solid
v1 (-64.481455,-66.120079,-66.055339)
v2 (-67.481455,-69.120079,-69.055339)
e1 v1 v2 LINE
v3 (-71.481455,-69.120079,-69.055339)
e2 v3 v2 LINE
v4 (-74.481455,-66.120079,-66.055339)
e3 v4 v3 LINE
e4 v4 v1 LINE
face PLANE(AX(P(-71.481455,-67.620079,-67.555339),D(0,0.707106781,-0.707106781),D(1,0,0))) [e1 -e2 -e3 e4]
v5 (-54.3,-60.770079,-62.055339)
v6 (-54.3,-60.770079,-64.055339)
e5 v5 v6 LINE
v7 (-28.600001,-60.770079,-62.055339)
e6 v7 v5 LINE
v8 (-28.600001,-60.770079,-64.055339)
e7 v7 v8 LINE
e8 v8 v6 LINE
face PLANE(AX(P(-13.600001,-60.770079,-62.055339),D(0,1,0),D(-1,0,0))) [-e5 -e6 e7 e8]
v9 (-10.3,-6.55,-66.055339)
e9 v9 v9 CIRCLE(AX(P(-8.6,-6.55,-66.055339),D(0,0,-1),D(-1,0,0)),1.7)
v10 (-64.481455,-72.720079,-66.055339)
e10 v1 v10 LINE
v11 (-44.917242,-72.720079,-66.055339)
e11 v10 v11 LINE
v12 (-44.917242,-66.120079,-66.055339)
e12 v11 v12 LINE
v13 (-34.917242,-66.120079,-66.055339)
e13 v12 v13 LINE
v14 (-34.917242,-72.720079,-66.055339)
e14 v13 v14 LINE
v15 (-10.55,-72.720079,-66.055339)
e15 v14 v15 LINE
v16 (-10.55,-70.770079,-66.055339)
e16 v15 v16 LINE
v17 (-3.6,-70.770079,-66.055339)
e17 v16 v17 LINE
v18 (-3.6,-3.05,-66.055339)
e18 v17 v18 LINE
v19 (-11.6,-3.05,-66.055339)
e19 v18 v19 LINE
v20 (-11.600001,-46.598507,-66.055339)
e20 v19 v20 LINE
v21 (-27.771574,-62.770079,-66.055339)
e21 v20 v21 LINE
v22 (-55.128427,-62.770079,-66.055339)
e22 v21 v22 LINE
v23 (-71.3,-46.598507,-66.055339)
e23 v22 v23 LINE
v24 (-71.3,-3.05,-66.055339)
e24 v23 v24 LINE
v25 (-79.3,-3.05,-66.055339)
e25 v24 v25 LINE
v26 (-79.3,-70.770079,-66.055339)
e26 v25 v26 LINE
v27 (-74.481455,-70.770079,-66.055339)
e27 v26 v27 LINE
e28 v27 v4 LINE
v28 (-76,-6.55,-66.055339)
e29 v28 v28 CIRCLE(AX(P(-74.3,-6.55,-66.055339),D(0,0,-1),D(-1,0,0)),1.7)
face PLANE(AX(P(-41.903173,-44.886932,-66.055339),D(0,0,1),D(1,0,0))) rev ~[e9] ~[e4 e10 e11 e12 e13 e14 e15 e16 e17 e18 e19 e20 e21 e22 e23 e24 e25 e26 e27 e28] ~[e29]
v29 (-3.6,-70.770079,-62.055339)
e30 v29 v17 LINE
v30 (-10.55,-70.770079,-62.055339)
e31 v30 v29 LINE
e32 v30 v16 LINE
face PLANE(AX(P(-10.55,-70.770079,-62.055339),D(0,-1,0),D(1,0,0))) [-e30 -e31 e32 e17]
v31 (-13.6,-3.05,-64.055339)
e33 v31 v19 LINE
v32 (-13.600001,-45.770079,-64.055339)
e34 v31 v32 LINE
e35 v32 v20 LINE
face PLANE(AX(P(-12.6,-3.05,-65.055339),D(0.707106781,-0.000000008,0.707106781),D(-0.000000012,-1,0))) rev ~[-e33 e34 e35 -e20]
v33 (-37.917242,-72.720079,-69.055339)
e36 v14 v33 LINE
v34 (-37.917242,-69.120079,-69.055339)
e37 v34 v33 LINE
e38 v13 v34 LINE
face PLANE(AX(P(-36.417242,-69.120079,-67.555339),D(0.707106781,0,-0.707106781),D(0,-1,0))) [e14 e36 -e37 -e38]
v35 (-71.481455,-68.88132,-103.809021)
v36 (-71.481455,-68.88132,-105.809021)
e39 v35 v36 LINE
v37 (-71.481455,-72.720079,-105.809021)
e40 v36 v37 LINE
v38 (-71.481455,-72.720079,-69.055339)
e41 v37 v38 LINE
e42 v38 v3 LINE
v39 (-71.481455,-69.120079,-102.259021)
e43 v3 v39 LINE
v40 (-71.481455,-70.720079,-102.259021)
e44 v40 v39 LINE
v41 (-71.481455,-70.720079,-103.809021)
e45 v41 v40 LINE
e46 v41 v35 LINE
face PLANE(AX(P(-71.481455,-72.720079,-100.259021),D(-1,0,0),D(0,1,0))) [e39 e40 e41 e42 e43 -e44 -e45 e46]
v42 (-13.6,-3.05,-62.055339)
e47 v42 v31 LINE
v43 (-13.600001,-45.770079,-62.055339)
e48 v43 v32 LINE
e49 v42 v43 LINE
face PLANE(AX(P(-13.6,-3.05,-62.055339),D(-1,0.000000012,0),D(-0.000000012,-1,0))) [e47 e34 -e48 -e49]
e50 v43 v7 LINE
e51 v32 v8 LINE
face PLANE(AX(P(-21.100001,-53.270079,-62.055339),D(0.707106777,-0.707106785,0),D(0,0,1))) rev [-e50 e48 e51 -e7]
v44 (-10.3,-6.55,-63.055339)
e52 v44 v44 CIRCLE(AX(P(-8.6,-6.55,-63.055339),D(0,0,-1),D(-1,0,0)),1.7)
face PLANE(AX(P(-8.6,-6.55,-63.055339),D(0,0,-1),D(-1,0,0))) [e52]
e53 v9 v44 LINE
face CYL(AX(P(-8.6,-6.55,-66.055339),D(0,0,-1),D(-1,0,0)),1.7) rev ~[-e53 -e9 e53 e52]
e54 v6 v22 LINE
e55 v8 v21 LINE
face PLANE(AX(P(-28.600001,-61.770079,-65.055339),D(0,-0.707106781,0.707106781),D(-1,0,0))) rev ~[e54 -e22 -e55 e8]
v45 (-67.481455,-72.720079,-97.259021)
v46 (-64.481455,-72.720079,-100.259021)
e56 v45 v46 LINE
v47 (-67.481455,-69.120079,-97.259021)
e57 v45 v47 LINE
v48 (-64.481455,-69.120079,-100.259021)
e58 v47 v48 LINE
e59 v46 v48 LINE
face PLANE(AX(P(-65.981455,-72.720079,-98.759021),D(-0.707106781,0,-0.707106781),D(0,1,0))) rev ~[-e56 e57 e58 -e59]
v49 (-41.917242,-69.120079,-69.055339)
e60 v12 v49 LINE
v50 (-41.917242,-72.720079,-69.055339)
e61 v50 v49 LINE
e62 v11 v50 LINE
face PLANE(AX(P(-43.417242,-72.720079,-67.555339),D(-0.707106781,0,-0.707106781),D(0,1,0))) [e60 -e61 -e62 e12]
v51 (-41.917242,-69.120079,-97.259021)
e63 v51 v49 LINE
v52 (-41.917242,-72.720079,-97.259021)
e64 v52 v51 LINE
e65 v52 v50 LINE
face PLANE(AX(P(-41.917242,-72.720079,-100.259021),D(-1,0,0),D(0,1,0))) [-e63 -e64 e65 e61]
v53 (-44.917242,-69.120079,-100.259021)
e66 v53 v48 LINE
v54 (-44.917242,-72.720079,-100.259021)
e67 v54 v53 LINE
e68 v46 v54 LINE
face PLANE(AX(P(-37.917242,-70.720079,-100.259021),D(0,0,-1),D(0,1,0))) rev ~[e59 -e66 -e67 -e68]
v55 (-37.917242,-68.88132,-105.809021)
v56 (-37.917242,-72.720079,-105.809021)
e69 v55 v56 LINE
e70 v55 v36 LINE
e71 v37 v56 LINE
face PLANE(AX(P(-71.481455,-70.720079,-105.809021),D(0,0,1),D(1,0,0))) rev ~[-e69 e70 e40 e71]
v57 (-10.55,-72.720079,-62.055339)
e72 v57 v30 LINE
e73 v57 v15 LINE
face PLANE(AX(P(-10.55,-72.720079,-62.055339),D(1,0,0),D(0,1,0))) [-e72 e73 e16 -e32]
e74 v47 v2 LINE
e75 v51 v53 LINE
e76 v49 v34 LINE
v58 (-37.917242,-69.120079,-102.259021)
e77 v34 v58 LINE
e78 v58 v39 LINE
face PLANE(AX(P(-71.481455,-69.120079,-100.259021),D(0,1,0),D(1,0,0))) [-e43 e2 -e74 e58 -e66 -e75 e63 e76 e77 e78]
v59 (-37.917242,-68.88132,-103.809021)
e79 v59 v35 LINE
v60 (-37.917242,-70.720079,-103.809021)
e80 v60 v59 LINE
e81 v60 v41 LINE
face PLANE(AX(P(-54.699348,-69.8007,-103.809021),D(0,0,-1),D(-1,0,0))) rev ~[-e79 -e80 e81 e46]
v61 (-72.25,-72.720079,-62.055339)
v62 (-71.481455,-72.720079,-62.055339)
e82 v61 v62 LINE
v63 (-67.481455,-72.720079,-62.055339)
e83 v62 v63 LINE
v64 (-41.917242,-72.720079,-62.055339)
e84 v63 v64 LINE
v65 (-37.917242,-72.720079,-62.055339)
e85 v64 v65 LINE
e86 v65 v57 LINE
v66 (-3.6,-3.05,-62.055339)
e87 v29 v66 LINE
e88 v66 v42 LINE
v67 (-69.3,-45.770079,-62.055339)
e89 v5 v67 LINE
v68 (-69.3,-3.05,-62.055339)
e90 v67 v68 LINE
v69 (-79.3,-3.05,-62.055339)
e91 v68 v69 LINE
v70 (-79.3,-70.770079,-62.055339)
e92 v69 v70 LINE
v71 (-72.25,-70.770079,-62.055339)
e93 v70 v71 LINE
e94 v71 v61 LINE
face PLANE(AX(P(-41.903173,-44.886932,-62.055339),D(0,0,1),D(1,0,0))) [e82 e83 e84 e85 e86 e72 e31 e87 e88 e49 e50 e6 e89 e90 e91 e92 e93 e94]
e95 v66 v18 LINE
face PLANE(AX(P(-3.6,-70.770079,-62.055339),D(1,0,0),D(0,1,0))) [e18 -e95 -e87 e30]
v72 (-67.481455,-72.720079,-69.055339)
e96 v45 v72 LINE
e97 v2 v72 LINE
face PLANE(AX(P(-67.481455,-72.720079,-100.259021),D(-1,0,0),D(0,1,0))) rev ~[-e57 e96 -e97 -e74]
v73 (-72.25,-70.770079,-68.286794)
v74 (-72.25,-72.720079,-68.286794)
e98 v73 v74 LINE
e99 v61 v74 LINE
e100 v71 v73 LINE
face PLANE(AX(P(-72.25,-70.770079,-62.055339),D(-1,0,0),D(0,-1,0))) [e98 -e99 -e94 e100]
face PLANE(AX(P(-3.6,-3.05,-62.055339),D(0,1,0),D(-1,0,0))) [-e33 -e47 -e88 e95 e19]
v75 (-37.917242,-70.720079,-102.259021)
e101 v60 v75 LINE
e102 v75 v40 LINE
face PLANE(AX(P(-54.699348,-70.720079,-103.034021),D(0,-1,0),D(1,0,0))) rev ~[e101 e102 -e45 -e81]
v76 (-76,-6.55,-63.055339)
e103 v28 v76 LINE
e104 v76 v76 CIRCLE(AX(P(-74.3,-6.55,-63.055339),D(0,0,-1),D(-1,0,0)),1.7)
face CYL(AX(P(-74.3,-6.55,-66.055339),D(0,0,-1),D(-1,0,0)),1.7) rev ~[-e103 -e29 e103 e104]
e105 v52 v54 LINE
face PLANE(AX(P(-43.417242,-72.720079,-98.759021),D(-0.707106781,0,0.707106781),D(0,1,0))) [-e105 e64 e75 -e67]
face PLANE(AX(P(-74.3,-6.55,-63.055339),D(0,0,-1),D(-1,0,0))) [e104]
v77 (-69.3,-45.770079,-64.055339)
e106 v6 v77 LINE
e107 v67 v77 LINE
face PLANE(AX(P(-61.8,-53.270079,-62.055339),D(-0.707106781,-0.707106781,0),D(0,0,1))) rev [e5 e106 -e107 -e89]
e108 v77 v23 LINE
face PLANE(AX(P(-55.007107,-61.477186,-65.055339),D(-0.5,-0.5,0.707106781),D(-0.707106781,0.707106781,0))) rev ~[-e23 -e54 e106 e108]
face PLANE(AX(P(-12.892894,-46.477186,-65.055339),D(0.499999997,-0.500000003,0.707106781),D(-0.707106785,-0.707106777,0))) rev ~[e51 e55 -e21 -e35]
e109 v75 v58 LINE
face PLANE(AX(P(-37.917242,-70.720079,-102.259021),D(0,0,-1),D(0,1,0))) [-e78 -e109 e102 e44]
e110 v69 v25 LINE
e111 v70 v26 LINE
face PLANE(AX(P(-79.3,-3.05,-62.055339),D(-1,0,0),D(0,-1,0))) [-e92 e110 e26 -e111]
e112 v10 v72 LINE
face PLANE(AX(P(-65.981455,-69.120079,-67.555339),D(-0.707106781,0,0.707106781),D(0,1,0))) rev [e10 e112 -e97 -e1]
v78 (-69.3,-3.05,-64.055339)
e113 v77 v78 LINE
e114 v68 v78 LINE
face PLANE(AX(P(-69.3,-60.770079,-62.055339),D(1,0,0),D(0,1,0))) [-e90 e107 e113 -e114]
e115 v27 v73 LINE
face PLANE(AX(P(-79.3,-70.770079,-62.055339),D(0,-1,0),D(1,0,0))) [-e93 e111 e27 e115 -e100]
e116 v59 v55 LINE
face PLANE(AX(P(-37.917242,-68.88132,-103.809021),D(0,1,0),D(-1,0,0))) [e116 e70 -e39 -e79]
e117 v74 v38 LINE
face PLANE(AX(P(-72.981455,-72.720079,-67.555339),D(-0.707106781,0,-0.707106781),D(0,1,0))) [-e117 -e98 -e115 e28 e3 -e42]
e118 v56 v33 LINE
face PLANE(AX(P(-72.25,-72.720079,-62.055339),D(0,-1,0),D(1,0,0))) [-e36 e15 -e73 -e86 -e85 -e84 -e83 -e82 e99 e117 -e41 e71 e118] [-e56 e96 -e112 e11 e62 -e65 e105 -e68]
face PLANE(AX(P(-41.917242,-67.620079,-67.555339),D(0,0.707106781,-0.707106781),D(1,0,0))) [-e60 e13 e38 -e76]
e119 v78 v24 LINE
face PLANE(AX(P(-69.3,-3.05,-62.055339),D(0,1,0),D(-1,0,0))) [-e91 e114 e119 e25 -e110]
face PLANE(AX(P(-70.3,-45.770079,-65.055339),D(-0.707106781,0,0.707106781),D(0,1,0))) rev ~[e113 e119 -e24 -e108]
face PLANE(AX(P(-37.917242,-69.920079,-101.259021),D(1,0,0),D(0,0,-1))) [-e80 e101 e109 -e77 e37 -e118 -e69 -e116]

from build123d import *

# Parameters (mm, degrees)
SKETCH6_W           = 33.56421262
SKETCH6_H           = 1.838759269
BOSS_EXTRUDE3_DEPTH = 2
SKETCH7_W           = 33.56421262
SKETCH7_H           = 5.55
BOSS_EXTRUDE4_DEPTH = 2
SKETCH8_W           = 2
SKETCH8_H           = 1.6
BOSS_EXTRUDE5_DEPTH = 33.56421262
SKETCH9_W           = 4
SKETCH9_H           = 3.6
BOSS_EXTRUDE6_DEPTH = 38.203681183
BOSS_EXTRUDE7_DEPTH = 4
CHAMFER2_SIZE       = 3
CHAMFER5_SIZE       = 15
SKETCH11_R          = 1.7
CUT_EXTRUDE1_DEPTH  = 3
CHAMFER7_SIZE       = 2


with BuildPart() as part:
    # Sketch6 → Boss-Extrude3 (new body)
    with BuildSketch(Plane(origin=(0, 0, -103.809020593), x_dir=(-1, 0, 0), z_dir=(0, 0, -1))):
        with Locations((54.699348296, -69.800699844)):
            Rectangle(SKETCH6_W, SKETCH6_H)
    extrude(amount=BOSS_EXTRUDE3_DEPTH)

    # Sketch7 → Boss-Extrude4 (add)
    with BuildSketch(Plane.XZ.offset(70.720079478)):
        with Locations((-54.699348296, -103.034020593)):
            Rectangle(SKETCH7_W, SKETCH7_H)
    extrude(amount=BOSS_EXTRUDE4_DEPTH)

    # Sketch8 → Boss-Extrude5 (add)
    with BuildSketch(Plane(origin=(-37.917241986, 0, 0), x_dir=(0, 0, -1), z_dir=(1, 0, 0))):
        with Locations((101.259020593, -69.920079478)):
            Rectangle(SKETCH8_W, SKETCH8_H)
    extrude(amount=-BOSS_EXTRUDE5_DEPTH)

    # Sketch9 → Boss-Extrude6 (add)
    with BuildSketch(Plane.XY.offset(-100.259020593)):
        with Locations((-69.481454606, -70.920079478)):
            Rectangle(SKETCH9_W, SKETCH9_H)
        with Locations((-39.917241986, -70.920079478)):
            Rectangle(SKETCH9_W, SKETCH9_H)
    extrude(amount=BOSS_EXTRUDE6_DEPTH)

    # Sketch10 → Boss-Extrude7 (add)
    with BuildSketch(Plane.XY.offset(-62.055339411)):
        Polygon((-79.3, -70.770079478), (-72.25, -70.770079478), (-72.25, -72.720079478), (-71.481454606, -72.720079478), (-71.481454606, -69.120079478), (-67.481454606, -69.120079478), (-67.481454606, -72.720079478), (-41.917241986, -72.720079478), (-41.917241986, -69.120079478), (-37.917241986, -69.120079478), (-37.917241986, -72.720079478), (-10.55, -72.720079478), (-10.55, -70.770079478), (-3.6, -70.770079478), (-3.6, -3.05), (-13.6, -3.05), (-13.600000688, -60.770079478), (-69.3, -60.770079478), (-69.3, -3.05), (-79.3, -3.05), align=None)
    extrude(amount=-BOSS_EXTRUDE7_DEPTH)

    # Chamfer2
    chamfer2_edges = [part.edges().sort_by_distance(p)[0] for p in [
        (-41.917241986, -70.920079478, -100.259020593),
        (-67.481454606, -70.920079478, -100.259020593),
        (-41.917241986, -70.920079478, -66.055339411),
        (-39.917241986, -69.120079478, -66.055339411),
        (-37.917241986, -70.920079478, -66.055339411),
        (-67.481454606, -70.920079478, -66.055339411),
        (-69.481454606, -69.120079478, -66.055339411),
        (-71.481454606, -70.920079478, -66.055339411),
    ]]
    chamfer(chamfer2_edges, length=CHAMFER2_SIZE)

    # Chamfer5
    chamfer5_edges = [part.edges().sort_by_distance(p)[0] for p in [
        (-69.3, -60.770079478, -64.055339411),
        (-13.600000688, -60.770079478, -64.055339411),
    ]]
    chamfer(chamfer5_edges, length=CHAMFER5_SIZE)

    # Sketch11 → Cut-Extrude1 (cut)
    with BuildSketch(Plane(origin=(0, 0, -66.055339411), x_dir=(-1, 0, 0), z_dir=(0, 0, -1))):
        with Locations((8.6, -6.55)):
            Circle(SKETCH11_R)
        with Locations((74.3, -6.55)):
            Circle(SKETCH11_R)
    extrude(amount=-CUT_EXTRUDE1_DEPTH, mode=Mode.SUBTRACT)

    # Chamfer7
    chamfer7_edges = [part.edges().sort_by_distance(p)[0] for p in [
        (-41.450000344, -60.770079478, -66.055339411),
        (-21.100000599, -53.270079478, -66.055339411),
        (-61.8, -53.270079478, -66.055339411),
        (-69.3, -24.410039739, -66.055339411),
        (-13.600000255, -24.410039739, -66.055339411),
    ]]
    chamfer(chamfer7_edges, length=CHAMFER7_SIZE)


solid = part.part
